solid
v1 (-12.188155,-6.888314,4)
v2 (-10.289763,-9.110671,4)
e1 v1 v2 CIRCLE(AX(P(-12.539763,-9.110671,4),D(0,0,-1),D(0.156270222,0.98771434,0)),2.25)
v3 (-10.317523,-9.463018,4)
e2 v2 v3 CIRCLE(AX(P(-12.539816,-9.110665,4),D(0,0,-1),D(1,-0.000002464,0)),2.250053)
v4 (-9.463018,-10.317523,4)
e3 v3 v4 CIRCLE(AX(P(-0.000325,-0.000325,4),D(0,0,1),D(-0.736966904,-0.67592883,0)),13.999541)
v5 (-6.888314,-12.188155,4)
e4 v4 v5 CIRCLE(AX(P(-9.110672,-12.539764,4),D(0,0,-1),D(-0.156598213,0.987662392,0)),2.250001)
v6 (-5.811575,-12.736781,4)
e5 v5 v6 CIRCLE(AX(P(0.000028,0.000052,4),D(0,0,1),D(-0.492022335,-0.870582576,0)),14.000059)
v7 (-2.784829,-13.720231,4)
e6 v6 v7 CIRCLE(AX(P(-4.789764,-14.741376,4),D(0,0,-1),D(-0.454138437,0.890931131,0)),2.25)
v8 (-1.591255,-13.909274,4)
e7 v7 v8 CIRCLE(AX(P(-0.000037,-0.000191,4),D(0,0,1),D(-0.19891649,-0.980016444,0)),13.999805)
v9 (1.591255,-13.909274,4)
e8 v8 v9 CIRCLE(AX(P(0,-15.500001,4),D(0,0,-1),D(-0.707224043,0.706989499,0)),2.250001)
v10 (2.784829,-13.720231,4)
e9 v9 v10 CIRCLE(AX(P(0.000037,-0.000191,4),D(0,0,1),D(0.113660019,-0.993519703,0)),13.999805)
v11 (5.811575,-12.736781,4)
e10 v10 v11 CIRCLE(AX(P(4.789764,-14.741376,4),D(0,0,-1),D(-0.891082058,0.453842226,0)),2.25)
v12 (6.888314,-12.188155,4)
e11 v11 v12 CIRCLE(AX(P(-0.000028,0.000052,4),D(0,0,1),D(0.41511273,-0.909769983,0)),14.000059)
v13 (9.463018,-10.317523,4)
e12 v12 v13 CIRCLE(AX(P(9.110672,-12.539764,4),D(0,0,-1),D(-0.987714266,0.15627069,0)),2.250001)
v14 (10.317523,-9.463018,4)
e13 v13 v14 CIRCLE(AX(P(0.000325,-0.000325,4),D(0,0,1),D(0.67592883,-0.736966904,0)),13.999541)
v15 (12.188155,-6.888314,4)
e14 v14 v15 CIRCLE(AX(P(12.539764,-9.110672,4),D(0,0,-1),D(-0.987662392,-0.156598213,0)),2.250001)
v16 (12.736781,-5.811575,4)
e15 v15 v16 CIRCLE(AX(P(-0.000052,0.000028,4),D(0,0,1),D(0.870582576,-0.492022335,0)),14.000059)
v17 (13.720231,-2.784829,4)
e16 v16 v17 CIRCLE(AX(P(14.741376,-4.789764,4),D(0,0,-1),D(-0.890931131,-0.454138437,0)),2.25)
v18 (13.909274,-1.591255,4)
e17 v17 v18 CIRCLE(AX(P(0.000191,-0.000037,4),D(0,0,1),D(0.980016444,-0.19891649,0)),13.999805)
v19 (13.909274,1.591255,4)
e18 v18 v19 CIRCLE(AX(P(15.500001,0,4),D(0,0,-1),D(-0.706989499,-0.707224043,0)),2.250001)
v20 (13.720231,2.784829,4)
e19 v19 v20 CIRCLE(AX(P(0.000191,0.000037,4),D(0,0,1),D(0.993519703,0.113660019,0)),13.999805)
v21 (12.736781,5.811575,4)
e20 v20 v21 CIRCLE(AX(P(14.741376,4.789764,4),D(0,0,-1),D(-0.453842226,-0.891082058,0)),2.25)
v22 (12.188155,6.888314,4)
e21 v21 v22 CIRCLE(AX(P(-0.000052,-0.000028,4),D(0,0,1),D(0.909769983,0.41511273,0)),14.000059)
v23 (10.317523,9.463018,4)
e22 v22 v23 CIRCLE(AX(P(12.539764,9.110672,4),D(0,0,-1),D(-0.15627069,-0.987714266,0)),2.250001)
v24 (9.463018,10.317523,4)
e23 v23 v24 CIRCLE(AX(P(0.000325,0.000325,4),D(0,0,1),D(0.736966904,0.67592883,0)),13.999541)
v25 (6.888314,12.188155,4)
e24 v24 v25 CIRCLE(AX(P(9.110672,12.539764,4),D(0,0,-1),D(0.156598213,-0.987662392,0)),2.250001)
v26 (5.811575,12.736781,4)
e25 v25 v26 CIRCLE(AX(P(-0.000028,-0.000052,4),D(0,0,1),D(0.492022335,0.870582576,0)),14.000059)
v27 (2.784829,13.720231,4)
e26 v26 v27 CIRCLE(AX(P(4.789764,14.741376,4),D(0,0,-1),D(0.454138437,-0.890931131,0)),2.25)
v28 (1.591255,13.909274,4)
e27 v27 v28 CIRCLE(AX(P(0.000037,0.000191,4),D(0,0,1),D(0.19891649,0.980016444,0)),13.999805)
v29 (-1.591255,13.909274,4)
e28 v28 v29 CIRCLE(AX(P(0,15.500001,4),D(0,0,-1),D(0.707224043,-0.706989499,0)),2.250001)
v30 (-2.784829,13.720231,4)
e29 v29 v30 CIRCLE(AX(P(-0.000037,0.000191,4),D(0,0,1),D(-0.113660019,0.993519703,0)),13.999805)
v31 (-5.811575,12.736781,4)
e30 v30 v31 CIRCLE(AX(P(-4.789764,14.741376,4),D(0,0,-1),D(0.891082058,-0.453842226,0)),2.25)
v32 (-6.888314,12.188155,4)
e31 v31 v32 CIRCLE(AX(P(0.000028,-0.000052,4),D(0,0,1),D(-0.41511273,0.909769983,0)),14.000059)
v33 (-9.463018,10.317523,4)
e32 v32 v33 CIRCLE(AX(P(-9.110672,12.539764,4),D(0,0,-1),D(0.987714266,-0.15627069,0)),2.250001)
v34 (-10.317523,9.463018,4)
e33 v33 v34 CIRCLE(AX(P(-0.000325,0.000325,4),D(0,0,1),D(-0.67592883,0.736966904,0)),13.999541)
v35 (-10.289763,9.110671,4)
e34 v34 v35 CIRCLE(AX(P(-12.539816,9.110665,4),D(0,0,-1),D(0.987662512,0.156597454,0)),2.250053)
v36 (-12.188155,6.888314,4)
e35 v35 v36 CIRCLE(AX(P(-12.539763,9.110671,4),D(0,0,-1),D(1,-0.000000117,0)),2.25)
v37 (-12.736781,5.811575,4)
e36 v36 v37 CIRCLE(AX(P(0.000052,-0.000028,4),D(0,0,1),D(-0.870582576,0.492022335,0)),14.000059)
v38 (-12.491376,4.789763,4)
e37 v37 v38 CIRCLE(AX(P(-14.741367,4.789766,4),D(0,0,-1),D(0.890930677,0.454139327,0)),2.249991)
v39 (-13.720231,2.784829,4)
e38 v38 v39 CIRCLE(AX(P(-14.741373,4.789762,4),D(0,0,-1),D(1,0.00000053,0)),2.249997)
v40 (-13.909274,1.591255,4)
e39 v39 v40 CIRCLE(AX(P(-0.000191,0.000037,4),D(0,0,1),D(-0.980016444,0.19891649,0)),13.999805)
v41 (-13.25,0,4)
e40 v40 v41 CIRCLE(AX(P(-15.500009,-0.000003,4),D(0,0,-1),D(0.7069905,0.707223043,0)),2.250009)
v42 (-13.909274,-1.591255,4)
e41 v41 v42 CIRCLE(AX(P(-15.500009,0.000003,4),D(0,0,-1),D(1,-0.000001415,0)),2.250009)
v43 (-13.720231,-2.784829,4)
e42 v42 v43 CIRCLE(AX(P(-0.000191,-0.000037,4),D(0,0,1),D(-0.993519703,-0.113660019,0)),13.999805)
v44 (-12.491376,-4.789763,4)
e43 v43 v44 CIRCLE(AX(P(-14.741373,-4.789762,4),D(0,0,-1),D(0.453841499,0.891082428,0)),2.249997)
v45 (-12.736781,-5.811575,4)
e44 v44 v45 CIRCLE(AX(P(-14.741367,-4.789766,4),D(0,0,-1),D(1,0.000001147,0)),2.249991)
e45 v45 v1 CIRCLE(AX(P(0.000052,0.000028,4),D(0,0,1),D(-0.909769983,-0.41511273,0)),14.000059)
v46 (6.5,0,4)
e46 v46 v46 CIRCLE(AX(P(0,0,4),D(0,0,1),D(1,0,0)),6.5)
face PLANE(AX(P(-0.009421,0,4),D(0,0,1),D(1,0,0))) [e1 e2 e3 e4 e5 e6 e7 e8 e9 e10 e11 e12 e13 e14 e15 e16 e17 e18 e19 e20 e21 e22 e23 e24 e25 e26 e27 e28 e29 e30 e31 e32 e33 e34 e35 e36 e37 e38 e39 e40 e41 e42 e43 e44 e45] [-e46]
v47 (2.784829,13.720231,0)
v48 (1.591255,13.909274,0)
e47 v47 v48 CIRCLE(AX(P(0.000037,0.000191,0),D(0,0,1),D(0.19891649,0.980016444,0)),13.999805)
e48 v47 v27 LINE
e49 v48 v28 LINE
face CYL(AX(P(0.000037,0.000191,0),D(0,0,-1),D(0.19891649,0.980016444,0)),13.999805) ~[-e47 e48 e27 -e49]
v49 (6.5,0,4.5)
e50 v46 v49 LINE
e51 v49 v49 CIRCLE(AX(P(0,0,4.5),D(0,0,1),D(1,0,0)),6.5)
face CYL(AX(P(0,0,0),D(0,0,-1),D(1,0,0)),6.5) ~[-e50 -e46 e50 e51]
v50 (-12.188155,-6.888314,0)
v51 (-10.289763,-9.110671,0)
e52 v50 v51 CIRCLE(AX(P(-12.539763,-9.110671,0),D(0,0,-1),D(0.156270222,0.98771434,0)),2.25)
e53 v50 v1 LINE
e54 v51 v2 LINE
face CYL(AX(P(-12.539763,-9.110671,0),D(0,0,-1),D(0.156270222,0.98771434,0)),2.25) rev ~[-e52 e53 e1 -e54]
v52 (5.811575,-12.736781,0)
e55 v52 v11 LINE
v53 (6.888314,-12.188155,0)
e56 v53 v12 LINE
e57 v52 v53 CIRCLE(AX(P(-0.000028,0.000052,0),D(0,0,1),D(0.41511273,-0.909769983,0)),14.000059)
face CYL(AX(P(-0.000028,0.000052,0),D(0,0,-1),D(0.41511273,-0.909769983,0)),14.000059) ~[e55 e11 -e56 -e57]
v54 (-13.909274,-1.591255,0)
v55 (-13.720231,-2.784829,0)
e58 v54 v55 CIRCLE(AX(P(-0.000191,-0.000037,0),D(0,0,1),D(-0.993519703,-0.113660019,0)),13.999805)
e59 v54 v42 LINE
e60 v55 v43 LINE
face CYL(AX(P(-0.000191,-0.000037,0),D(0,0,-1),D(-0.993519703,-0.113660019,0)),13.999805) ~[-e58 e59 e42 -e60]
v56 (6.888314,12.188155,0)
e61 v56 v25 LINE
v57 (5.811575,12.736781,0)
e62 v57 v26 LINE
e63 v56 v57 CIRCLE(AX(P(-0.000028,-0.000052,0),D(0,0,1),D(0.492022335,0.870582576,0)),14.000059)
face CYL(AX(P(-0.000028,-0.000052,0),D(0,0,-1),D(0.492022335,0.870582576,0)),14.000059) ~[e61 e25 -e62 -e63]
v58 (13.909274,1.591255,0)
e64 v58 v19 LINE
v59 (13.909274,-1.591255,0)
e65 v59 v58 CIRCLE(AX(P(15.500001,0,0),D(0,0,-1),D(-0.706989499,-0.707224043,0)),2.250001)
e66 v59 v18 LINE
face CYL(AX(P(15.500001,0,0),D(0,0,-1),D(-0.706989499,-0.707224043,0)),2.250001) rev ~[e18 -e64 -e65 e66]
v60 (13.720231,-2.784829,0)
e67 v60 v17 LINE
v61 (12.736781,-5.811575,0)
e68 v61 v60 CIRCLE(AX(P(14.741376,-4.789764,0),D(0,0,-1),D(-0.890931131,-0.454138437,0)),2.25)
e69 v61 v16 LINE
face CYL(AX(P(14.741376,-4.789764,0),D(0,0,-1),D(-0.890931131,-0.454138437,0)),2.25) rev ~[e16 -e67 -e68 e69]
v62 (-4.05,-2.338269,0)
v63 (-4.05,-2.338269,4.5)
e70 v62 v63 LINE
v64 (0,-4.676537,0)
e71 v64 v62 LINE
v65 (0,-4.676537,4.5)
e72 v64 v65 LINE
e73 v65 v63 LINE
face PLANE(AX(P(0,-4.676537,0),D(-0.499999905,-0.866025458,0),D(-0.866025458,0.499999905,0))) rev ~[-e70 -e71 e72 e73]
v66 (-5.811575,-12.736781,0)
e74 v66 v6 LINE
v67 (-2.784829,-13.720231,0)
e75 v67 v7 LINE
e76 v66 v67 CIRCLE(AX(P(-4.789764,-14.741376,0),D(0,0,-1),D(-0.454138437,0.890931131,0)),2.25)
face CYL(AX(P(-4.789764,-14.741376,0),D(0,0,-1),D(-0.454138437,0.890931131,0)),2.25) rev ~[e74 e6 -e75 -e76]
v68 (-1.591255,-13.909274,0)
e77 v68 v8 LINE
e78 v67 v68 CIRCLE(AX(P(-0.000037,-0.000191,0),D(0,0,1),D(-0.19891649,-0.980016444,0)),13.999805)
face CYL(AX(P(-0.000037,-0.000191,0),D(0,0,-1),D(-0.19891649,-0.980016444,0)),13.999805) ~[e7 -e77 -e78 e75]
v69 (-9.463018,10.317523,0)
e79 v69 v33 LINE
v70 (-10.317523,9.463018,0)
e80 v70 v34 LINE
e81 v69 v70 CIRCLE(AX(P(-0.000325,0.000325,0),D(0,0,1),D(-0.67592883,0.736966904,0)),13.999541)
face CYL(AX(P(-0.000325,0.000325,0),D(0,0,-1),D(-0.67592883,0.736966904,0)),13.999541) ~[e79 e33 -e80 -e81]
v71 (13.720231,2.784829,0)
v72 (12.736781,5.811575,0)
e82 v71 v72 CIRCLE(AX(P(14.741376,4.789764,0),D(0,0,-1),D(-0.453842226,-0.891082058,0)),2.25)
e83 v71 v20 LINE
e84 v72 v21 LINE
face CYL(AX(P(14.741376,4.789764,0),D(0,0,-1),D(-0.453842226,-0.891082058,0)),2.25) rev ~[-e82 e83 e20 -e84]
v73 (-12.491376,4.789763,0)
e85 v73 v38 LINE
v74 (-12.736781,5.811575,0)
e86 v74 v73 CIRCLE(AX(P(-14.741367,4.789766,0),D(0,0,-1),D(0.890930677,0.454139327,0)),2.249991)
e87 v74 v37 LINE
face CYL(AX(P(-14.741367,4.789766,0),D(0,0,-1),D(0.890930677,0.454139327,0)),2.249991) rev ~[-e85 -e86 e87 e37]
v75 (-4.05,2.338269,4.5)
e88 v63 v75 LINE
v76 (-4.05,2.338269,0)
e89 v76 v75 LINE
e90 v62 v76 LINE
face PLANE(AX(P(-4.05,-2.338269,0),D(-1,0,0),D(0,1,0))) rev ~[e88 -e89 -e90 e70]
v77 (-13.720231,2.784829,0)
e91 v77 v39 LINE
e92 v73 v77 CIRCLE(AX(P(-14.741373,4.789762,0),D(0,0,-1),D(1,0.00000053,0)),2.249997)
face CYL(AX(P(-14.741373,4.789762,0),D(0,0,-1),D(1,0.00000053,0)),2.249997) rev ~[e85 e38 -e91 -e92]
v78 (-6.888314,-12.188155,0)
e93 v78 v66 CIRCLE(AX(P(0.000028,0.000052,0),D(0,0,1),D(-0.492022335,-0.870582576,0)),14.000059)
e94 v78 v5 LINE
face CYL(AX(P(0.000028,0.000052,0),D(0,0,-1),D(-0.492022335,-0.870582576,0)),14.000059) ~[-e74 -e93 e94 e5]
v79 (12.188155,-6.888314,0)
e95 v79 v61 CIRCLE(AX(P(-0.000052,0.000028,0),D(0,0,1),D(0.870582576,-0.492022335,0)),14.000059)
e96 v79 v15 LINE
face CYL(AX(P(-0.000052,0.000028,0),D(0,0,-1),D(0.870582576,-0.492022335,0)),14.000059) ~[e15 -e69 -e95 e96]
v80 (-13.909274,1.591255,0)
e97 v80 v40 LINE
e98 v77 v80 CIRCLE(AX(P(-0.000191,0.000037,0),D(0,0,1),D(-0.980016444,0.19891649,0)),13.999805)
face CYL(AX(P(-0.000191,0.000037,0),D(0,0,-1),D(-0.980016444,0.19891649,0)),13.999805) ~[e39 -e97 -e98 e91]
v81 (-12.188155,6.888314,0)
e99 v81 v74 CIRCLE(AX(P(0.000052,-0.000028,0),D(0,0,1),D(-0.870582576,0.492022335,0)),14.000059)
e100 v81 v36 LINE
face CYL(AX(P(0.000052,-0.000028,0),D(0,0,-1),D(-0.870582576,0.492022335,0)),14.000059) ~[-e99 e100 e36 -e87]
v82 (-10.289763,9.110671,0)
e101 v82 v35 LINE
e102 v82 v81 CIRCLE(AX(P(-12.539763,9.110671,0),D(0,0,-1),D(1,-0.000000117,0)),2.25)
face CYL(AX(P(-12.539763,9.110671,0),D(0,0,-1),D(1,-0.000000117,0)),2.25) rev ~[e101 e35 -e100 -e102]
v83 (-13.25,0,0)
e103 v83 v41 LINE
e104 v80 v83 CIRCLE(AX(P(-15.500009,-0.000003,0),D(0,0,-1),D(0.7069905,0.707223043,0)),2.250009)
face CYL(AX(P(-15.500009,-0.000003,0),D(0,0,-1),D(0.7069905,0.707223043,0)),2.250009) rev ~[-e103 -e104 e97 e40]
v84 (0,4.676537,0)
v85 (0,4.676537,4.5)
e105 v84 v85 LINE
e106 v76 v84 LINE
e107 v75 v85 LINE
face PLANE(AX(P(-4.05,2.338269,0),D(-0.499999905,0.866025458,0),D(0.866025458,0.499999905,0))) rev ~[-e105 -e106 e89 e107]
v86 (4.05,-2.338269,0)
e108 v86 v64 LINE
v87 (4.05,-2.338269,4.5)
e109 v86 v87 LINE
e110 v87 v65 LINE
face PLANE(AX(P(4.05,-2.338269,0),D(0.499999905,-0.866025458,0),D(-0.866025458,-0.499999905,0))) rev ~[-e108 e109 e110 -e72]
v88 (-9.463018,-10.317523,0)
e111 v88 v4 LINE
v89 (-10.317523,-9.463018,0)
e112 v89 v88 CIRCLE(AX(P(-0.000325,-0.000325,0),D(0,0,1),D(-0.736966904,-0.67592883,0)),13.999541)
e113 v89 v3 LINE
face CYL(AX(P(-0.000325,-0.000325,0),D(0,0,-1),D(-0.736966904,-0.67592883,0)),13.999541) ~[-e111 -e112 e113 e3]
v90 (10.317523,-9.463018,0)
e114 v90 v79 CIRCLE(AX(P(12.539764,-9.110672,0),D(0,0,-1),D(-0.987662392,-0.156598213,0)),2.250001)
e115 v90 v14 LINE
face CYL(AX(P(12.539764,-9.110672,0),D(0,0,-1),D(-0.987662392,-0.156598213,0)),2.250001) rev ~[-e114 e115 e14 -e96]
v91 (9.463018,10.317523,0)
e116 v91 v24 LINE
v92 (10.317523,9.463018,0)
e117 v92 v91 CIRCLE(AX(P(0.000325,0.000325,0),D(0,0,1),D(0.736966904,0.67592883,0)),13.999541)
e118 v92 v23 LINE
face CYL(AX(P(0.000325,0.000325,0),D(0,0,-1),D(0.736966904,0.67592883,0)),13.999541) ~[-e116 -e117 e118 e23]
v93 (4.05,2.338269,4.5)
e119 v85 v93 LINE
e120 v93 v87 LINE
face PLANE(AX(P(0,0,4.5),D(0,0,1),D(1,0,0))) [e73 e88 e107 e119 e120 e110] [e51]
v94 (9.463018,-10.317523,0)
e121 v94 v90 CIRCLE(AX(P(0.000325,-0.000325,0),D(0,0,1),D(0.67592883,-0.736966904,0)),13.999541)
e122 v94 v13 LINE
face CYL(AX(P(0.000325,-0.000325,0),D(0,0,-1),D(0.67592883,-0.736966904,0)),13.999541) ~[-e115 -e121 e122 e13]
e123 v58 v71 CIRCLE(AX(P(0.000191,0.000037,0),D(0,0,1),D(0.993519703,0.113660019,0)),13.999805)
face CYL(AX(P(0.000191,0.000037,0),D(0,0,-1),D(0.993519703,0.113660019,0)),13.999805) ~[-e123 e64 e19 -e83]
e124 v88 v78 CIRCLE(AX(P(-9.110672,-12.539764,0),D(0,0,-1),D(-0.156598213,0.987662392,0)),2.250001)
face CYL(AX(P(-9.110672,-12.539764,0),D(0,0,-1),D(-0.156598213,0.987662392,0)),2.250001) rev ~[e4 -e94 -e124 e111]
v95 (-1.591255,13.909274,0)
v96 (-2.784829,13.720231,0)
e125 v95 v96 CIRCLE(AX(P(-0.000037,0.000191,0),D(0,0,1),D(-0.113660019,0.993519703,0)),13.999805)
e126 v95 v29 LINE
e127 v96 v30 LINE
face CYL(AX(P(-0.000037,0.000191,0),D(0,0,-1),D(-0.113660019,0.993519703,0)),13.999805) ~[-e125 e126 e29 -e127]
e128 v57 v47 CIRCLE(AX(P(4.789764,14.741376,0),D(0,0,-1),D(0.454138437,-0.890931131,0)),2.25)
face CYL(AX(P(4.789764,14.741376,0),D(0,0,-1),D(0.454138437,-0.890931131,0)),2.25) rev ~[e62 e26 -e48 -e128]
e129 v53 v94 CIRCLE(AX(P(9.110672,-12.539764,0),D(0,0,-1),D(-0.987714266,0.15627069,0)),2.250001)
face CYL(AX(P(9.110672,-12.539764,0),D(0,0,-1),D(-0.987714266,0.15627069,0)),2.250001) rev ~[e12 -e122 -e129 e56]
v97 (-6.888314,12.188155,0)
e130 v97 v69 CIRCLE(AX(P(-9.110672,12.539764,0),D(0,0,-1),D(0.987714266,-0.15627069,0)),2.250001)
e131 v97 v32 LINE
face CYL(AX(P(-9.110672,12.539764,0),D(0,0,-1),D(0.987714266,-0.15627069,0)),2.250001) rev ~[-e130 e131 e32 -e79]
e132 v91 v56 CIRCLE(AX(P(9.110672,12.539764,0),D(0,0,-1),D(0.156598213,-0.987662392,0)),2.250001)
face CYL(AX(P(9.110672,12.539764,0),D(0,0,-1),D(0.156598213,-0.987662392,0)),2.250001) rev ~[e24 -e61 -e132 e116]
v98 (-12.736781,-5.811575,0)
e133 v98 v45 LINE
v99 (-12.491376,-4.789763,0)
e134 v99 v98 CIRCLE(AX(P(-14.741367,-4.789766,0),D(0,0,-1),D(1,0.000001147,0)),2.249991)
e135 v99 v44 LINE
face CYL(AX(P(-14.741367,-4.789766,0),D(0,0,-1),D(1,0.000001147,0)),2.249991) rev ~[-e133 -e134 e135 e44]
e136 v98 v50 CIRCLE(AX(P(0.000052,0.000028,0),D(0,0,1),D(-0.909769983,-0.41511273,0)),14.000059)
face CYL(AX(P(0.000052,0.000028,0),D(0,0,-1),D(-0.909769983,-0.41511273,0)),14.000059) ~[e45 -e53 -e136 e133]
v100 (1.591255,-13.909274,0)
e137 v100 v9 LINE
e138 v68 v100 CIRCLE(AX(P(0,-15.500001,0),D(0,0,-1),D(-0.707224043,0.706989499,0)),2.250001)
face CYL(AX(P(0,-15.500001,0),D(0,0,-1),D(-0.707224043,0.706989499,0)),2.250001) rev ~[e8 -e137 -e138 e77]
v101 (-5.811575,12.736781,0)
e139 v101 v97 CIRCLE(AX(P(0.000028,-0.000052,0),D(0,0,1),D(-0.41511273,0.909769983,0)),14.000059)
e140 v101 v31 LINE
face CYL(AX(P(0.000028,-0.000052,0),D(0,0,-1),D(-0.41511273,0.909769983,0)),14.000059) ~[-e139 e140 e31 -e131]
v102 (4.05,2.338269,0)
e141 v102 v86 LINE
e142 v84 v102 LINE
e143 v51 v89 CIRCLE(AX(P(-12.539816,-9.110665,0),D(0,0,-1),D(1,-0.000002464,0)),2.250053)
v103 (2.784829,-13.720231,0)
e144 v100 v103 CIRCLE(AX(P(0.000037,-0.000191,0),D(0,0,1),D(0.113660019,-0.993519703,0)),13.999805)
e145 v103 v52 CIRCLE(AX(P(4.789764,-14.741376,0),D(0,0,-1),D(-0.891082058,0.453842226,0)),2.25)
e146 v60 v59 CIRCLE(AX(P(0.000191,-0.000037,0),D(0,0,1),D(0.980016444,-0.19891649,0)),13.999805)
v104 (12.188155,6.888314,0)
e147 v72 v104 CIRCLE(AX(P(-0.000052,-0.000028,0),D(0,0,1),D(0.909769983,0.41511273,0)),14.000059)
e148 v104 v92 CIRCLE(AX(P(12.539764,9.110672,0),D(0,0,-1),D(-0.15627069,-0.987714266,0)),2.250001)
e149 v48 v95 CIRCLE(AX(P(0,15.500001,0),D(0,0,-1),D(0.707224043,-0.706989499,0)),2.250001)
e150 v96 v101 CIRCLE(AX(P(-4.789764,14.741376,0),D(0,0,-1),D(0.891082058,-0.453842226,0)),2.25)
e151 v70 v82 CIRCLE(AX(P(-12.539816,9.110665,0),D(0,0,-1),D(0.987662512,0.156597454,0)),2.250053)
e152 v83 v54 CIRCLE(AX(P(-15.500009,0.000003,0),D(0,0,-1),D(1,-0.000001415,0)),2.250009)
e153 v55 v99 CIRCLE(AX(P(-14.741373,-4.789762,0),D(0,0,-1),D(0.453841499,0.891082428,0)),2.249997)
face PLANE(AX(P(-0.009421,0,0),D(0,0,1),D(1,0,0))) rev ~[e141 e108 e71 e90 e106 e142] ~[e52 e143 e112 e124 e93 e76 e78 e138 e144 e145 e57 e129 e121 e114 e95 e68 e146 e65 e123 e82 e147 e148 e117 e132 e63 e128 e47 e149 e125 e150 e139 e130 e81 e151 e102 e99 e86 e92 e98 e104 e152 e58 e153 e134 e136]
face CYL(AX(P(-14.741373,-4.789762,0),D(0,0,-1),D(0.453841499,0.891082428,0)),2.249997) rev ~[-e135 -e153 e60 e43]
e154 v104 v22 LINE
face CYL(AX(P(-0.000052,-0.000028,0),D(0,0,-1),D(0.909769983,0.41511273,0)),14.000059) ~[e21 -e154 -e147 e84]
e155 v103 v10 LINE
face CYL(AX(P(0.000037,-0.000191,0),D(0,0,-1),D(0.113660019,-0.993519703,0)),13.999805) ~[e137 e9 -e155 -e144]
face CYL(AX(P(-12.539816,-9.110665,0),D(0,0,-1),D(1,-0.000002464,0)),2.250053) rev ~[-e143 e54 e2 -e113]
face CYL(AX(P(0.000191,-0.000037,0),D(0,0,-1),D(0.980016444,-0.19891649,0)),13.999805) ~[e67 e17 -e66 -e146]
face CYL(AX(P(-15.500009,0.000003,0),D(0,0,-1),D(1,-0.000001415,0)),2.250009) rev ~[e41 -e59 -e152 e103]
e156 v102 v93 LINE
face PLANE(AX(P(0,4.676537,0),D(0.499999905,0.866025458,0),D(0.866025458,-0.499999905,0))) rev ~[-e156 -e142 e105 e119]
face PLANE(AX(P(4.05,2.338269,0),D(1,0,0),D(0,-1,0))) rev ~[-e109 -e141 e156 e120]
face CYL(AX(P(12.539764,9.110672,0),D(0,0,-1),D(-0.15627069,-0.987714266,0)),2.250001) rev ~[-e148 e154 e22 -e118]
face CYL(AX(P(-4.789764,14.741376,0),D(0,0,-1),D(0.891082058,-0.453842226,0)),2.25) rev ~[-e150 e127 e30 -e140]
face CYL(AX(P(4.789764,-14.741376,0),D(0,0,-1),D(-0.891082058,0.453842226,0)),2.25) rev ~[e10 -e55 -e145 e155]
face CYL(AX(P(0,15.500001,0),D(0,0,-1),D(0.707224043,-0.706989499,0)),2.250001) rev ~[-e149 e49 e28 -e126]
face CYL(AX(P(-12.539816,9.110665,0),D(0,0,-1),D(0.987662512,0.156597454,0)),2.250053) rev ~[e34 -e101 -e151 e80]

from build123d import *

# Parameters (mm, degrees)
F0_R     = 6.5
F1_DEPTH = 4
F2_DEPTH = 4.5


with BuildPart() as f1:
    # F0 (on Top) → F1 (new body)
    with BuildSketch(Plane.XY):
        with BuildLine():
            ThreePointArc((13.909274, -1.591255), (13.25, 0), (13.909274, 1.591255))
            ThreePointArc((13.909274, 1.591255), (13.827637, 2.190083), (13.720231, 2.784829))
            ThreePointArc((13.720231, 2.784829), (12.601499, 4.094475), (12.736781, 5.811575))
            ThreePointArc((12.736781, 5.811575), (12.474091, 6.355867), (12.188155, 6.888314))
            ThreePointArc((12.188155, 6.888314), (10.719475, 7.788155), (10.317523, 9.463018))
            ThreePointArc((10.317523, 9.463018), (9.899495, 9.899495), (9.463018, 10.317523))
            ThreePointArc((9.463018, 10.317523), (7.788155, 10.719475), (6.888314, 12.188155))
            ThreePointArc((6.888314, 12.188155), (6.355867, 12.474091), (5.811575, 12.736781))
            ThreePointArc((5.811575, 12.736781), (4.094475, 12.601499), (2.784829, 13.720231))
            ThreePointArc((2.784829, 13.720231), (2.190083, 13.827637), (1.591255, 13.909274))
            ThreePointArc((1.591255, 13.909274), (0, 13.25), (-1.591255, 13.909274))
            ThreePointArc((-1.591255, 13.909274), (-2.190083, 13.827637), (-2.784829, 13.720231))
            ThreePointArc((-2.784829, 13.720231), (-4.094475, 12.601499), (-5.811575, 12.736781))
            ThreePointArc((-5.811575, 12.736781), (-6.355867, 12.474091), (-6.888314, 12.188155))
            ThreePointArc((-6.888314, 12.188155), (-7.788155, 10.719475), (-9.463018, 10.317523))
            ThreePointArc((-9.463018, 10.317523), (-9.899495, 9.899495), (-10.317523, 9.463018))
            ThreePointArc((-10.317523, 9.463018), (-10.296714, 9.287391), (-10.289763, 9.110671))
            ThreePointArc((-10.289763, 9.110671), (-10.828971, 7.649271), (-12.188155, 6.888314))
            ThreePointArc((-12.188155, 6.888314), (-12.474091, 6.355867), (-12.736781, 5.811575))
            ThreePointArc((-12.736781, 5.811575), (-12.553587, 5.315197), (-12.491376, 4.789763))
            ThreePointArc((-12.491376, 4.789763), (-12.823033, 3.613982), (-13.720231, 2.784829))
            ThreePointArc((-13.720231, 2.784829), (-13.827637, 2.190083), (-13.909274, 1.591255))
            ThreePointArc((-13.909274, 1.591255), (-13.421343, 0.86121), (-13.25, 0))
            ThreePointArc((-13.25, 0), (-13.421343, -0.86121), (-13.909274, -1.591255))
            ThreePointArc((-13.909274, -1.591255), (-13.827637, -2.190083), (-13.720231, -2.784829))
            ThreePointArc((-13.720231, -2.784829), (-12.823033, -3.613982), (-12.491376, -4.789763))
            ThreePointArc((-12.491376, -4.789763), (-12.553587, -5.315197), (-12.736781, -5.811575))
            ThreePointArc((-12.736781, -5.811575), (-12.474091, -6.355867), (-12.188155, -6.888314))
            ThreePointArc((-12.188155, -6.888314), (-10.828971, -7.649271), (-10.289763, -9.110671))
            ThreePointArc((-10.289763, -9.110671), (-10.296714, -9.287391), (-10.317523, -9.463018))
            ThreePointArc((-10.317523, -9.463018), (-9.899495, -9.899495), (-9.463018, -10.317523))
            ThreePointArc((-9.463018, -10.317523), (-7.788155, -10.719475), (-6.888314, -12.188155))
            ThreePointArc((-6.888314, -12.188155), (-6.355867, -12.474091), (-5.811575, -12.736781))
            ThreePointArc((-5.811575, -12.736781), (-4.094475, -12.601499), (-2.784829, -13.720231))
            ThreePointArc((-2.784829, -13.720231), (-2.190083, -13.827637), (-1.591255, -13.909274))
            ThreePointArc((-1.591255, -13.909274), (0, -13.25), (1.591255, -13.909274))
            ThreePointArc((1.591255, -13.909274), (2.190083, -13.827637), (2.784829, -13.720231))
            ThreePointArc((2.784829, -13.720231), (4.094475, -12.601499), (5.811575, -12.736781))
            ThreePointArc((5.811575, -12.736781), (6.355867, -12.474091), (6.888314, -12.188155))
            ThreePointArc((6.888314, -12.188155), (7.788155, -10.719475), (9.463018, -10.317523))
            ThreePointArc((9.463018, -10.317523), (9.899495, -9.899495), (10.317523, -9.463018))
            ThreePointArc((10.317523, -9.463018), (10.719475, -7.788155), (12.188155, -6.888314))
            ThreePointArc((12.188155, -6.888314), (12.474091, -6.355867), (12.736781, -5.811575))
            ThreePointArc((12.736781, -5.811575), (12.601499, -4.094475), (13.720231, -2.784829))
            ThreePointArc((13.720231, -2.784829), (13.827637, -2.190083), (13.909274, -1.591255))
        make_face()
        Circle(F0_R, mode=Mode.SUBTRACT)
    extrude(amount=F1_DEPTH)

    # F0 (on Top) → F2 (join)
    with BuildSketch(Plane.XY):
        Circle(F0_R)
        Polygon((4.05, 2.338269), (4.05, -2.338269), (0, -4.676537), (-4.05, -2.338269), (-4.05, 2.338269), (0, 4.676537), align=None, mode=Mode.SUBTRACT)
    extrude(amount=F2_DEPTH)


solid = f1.part
